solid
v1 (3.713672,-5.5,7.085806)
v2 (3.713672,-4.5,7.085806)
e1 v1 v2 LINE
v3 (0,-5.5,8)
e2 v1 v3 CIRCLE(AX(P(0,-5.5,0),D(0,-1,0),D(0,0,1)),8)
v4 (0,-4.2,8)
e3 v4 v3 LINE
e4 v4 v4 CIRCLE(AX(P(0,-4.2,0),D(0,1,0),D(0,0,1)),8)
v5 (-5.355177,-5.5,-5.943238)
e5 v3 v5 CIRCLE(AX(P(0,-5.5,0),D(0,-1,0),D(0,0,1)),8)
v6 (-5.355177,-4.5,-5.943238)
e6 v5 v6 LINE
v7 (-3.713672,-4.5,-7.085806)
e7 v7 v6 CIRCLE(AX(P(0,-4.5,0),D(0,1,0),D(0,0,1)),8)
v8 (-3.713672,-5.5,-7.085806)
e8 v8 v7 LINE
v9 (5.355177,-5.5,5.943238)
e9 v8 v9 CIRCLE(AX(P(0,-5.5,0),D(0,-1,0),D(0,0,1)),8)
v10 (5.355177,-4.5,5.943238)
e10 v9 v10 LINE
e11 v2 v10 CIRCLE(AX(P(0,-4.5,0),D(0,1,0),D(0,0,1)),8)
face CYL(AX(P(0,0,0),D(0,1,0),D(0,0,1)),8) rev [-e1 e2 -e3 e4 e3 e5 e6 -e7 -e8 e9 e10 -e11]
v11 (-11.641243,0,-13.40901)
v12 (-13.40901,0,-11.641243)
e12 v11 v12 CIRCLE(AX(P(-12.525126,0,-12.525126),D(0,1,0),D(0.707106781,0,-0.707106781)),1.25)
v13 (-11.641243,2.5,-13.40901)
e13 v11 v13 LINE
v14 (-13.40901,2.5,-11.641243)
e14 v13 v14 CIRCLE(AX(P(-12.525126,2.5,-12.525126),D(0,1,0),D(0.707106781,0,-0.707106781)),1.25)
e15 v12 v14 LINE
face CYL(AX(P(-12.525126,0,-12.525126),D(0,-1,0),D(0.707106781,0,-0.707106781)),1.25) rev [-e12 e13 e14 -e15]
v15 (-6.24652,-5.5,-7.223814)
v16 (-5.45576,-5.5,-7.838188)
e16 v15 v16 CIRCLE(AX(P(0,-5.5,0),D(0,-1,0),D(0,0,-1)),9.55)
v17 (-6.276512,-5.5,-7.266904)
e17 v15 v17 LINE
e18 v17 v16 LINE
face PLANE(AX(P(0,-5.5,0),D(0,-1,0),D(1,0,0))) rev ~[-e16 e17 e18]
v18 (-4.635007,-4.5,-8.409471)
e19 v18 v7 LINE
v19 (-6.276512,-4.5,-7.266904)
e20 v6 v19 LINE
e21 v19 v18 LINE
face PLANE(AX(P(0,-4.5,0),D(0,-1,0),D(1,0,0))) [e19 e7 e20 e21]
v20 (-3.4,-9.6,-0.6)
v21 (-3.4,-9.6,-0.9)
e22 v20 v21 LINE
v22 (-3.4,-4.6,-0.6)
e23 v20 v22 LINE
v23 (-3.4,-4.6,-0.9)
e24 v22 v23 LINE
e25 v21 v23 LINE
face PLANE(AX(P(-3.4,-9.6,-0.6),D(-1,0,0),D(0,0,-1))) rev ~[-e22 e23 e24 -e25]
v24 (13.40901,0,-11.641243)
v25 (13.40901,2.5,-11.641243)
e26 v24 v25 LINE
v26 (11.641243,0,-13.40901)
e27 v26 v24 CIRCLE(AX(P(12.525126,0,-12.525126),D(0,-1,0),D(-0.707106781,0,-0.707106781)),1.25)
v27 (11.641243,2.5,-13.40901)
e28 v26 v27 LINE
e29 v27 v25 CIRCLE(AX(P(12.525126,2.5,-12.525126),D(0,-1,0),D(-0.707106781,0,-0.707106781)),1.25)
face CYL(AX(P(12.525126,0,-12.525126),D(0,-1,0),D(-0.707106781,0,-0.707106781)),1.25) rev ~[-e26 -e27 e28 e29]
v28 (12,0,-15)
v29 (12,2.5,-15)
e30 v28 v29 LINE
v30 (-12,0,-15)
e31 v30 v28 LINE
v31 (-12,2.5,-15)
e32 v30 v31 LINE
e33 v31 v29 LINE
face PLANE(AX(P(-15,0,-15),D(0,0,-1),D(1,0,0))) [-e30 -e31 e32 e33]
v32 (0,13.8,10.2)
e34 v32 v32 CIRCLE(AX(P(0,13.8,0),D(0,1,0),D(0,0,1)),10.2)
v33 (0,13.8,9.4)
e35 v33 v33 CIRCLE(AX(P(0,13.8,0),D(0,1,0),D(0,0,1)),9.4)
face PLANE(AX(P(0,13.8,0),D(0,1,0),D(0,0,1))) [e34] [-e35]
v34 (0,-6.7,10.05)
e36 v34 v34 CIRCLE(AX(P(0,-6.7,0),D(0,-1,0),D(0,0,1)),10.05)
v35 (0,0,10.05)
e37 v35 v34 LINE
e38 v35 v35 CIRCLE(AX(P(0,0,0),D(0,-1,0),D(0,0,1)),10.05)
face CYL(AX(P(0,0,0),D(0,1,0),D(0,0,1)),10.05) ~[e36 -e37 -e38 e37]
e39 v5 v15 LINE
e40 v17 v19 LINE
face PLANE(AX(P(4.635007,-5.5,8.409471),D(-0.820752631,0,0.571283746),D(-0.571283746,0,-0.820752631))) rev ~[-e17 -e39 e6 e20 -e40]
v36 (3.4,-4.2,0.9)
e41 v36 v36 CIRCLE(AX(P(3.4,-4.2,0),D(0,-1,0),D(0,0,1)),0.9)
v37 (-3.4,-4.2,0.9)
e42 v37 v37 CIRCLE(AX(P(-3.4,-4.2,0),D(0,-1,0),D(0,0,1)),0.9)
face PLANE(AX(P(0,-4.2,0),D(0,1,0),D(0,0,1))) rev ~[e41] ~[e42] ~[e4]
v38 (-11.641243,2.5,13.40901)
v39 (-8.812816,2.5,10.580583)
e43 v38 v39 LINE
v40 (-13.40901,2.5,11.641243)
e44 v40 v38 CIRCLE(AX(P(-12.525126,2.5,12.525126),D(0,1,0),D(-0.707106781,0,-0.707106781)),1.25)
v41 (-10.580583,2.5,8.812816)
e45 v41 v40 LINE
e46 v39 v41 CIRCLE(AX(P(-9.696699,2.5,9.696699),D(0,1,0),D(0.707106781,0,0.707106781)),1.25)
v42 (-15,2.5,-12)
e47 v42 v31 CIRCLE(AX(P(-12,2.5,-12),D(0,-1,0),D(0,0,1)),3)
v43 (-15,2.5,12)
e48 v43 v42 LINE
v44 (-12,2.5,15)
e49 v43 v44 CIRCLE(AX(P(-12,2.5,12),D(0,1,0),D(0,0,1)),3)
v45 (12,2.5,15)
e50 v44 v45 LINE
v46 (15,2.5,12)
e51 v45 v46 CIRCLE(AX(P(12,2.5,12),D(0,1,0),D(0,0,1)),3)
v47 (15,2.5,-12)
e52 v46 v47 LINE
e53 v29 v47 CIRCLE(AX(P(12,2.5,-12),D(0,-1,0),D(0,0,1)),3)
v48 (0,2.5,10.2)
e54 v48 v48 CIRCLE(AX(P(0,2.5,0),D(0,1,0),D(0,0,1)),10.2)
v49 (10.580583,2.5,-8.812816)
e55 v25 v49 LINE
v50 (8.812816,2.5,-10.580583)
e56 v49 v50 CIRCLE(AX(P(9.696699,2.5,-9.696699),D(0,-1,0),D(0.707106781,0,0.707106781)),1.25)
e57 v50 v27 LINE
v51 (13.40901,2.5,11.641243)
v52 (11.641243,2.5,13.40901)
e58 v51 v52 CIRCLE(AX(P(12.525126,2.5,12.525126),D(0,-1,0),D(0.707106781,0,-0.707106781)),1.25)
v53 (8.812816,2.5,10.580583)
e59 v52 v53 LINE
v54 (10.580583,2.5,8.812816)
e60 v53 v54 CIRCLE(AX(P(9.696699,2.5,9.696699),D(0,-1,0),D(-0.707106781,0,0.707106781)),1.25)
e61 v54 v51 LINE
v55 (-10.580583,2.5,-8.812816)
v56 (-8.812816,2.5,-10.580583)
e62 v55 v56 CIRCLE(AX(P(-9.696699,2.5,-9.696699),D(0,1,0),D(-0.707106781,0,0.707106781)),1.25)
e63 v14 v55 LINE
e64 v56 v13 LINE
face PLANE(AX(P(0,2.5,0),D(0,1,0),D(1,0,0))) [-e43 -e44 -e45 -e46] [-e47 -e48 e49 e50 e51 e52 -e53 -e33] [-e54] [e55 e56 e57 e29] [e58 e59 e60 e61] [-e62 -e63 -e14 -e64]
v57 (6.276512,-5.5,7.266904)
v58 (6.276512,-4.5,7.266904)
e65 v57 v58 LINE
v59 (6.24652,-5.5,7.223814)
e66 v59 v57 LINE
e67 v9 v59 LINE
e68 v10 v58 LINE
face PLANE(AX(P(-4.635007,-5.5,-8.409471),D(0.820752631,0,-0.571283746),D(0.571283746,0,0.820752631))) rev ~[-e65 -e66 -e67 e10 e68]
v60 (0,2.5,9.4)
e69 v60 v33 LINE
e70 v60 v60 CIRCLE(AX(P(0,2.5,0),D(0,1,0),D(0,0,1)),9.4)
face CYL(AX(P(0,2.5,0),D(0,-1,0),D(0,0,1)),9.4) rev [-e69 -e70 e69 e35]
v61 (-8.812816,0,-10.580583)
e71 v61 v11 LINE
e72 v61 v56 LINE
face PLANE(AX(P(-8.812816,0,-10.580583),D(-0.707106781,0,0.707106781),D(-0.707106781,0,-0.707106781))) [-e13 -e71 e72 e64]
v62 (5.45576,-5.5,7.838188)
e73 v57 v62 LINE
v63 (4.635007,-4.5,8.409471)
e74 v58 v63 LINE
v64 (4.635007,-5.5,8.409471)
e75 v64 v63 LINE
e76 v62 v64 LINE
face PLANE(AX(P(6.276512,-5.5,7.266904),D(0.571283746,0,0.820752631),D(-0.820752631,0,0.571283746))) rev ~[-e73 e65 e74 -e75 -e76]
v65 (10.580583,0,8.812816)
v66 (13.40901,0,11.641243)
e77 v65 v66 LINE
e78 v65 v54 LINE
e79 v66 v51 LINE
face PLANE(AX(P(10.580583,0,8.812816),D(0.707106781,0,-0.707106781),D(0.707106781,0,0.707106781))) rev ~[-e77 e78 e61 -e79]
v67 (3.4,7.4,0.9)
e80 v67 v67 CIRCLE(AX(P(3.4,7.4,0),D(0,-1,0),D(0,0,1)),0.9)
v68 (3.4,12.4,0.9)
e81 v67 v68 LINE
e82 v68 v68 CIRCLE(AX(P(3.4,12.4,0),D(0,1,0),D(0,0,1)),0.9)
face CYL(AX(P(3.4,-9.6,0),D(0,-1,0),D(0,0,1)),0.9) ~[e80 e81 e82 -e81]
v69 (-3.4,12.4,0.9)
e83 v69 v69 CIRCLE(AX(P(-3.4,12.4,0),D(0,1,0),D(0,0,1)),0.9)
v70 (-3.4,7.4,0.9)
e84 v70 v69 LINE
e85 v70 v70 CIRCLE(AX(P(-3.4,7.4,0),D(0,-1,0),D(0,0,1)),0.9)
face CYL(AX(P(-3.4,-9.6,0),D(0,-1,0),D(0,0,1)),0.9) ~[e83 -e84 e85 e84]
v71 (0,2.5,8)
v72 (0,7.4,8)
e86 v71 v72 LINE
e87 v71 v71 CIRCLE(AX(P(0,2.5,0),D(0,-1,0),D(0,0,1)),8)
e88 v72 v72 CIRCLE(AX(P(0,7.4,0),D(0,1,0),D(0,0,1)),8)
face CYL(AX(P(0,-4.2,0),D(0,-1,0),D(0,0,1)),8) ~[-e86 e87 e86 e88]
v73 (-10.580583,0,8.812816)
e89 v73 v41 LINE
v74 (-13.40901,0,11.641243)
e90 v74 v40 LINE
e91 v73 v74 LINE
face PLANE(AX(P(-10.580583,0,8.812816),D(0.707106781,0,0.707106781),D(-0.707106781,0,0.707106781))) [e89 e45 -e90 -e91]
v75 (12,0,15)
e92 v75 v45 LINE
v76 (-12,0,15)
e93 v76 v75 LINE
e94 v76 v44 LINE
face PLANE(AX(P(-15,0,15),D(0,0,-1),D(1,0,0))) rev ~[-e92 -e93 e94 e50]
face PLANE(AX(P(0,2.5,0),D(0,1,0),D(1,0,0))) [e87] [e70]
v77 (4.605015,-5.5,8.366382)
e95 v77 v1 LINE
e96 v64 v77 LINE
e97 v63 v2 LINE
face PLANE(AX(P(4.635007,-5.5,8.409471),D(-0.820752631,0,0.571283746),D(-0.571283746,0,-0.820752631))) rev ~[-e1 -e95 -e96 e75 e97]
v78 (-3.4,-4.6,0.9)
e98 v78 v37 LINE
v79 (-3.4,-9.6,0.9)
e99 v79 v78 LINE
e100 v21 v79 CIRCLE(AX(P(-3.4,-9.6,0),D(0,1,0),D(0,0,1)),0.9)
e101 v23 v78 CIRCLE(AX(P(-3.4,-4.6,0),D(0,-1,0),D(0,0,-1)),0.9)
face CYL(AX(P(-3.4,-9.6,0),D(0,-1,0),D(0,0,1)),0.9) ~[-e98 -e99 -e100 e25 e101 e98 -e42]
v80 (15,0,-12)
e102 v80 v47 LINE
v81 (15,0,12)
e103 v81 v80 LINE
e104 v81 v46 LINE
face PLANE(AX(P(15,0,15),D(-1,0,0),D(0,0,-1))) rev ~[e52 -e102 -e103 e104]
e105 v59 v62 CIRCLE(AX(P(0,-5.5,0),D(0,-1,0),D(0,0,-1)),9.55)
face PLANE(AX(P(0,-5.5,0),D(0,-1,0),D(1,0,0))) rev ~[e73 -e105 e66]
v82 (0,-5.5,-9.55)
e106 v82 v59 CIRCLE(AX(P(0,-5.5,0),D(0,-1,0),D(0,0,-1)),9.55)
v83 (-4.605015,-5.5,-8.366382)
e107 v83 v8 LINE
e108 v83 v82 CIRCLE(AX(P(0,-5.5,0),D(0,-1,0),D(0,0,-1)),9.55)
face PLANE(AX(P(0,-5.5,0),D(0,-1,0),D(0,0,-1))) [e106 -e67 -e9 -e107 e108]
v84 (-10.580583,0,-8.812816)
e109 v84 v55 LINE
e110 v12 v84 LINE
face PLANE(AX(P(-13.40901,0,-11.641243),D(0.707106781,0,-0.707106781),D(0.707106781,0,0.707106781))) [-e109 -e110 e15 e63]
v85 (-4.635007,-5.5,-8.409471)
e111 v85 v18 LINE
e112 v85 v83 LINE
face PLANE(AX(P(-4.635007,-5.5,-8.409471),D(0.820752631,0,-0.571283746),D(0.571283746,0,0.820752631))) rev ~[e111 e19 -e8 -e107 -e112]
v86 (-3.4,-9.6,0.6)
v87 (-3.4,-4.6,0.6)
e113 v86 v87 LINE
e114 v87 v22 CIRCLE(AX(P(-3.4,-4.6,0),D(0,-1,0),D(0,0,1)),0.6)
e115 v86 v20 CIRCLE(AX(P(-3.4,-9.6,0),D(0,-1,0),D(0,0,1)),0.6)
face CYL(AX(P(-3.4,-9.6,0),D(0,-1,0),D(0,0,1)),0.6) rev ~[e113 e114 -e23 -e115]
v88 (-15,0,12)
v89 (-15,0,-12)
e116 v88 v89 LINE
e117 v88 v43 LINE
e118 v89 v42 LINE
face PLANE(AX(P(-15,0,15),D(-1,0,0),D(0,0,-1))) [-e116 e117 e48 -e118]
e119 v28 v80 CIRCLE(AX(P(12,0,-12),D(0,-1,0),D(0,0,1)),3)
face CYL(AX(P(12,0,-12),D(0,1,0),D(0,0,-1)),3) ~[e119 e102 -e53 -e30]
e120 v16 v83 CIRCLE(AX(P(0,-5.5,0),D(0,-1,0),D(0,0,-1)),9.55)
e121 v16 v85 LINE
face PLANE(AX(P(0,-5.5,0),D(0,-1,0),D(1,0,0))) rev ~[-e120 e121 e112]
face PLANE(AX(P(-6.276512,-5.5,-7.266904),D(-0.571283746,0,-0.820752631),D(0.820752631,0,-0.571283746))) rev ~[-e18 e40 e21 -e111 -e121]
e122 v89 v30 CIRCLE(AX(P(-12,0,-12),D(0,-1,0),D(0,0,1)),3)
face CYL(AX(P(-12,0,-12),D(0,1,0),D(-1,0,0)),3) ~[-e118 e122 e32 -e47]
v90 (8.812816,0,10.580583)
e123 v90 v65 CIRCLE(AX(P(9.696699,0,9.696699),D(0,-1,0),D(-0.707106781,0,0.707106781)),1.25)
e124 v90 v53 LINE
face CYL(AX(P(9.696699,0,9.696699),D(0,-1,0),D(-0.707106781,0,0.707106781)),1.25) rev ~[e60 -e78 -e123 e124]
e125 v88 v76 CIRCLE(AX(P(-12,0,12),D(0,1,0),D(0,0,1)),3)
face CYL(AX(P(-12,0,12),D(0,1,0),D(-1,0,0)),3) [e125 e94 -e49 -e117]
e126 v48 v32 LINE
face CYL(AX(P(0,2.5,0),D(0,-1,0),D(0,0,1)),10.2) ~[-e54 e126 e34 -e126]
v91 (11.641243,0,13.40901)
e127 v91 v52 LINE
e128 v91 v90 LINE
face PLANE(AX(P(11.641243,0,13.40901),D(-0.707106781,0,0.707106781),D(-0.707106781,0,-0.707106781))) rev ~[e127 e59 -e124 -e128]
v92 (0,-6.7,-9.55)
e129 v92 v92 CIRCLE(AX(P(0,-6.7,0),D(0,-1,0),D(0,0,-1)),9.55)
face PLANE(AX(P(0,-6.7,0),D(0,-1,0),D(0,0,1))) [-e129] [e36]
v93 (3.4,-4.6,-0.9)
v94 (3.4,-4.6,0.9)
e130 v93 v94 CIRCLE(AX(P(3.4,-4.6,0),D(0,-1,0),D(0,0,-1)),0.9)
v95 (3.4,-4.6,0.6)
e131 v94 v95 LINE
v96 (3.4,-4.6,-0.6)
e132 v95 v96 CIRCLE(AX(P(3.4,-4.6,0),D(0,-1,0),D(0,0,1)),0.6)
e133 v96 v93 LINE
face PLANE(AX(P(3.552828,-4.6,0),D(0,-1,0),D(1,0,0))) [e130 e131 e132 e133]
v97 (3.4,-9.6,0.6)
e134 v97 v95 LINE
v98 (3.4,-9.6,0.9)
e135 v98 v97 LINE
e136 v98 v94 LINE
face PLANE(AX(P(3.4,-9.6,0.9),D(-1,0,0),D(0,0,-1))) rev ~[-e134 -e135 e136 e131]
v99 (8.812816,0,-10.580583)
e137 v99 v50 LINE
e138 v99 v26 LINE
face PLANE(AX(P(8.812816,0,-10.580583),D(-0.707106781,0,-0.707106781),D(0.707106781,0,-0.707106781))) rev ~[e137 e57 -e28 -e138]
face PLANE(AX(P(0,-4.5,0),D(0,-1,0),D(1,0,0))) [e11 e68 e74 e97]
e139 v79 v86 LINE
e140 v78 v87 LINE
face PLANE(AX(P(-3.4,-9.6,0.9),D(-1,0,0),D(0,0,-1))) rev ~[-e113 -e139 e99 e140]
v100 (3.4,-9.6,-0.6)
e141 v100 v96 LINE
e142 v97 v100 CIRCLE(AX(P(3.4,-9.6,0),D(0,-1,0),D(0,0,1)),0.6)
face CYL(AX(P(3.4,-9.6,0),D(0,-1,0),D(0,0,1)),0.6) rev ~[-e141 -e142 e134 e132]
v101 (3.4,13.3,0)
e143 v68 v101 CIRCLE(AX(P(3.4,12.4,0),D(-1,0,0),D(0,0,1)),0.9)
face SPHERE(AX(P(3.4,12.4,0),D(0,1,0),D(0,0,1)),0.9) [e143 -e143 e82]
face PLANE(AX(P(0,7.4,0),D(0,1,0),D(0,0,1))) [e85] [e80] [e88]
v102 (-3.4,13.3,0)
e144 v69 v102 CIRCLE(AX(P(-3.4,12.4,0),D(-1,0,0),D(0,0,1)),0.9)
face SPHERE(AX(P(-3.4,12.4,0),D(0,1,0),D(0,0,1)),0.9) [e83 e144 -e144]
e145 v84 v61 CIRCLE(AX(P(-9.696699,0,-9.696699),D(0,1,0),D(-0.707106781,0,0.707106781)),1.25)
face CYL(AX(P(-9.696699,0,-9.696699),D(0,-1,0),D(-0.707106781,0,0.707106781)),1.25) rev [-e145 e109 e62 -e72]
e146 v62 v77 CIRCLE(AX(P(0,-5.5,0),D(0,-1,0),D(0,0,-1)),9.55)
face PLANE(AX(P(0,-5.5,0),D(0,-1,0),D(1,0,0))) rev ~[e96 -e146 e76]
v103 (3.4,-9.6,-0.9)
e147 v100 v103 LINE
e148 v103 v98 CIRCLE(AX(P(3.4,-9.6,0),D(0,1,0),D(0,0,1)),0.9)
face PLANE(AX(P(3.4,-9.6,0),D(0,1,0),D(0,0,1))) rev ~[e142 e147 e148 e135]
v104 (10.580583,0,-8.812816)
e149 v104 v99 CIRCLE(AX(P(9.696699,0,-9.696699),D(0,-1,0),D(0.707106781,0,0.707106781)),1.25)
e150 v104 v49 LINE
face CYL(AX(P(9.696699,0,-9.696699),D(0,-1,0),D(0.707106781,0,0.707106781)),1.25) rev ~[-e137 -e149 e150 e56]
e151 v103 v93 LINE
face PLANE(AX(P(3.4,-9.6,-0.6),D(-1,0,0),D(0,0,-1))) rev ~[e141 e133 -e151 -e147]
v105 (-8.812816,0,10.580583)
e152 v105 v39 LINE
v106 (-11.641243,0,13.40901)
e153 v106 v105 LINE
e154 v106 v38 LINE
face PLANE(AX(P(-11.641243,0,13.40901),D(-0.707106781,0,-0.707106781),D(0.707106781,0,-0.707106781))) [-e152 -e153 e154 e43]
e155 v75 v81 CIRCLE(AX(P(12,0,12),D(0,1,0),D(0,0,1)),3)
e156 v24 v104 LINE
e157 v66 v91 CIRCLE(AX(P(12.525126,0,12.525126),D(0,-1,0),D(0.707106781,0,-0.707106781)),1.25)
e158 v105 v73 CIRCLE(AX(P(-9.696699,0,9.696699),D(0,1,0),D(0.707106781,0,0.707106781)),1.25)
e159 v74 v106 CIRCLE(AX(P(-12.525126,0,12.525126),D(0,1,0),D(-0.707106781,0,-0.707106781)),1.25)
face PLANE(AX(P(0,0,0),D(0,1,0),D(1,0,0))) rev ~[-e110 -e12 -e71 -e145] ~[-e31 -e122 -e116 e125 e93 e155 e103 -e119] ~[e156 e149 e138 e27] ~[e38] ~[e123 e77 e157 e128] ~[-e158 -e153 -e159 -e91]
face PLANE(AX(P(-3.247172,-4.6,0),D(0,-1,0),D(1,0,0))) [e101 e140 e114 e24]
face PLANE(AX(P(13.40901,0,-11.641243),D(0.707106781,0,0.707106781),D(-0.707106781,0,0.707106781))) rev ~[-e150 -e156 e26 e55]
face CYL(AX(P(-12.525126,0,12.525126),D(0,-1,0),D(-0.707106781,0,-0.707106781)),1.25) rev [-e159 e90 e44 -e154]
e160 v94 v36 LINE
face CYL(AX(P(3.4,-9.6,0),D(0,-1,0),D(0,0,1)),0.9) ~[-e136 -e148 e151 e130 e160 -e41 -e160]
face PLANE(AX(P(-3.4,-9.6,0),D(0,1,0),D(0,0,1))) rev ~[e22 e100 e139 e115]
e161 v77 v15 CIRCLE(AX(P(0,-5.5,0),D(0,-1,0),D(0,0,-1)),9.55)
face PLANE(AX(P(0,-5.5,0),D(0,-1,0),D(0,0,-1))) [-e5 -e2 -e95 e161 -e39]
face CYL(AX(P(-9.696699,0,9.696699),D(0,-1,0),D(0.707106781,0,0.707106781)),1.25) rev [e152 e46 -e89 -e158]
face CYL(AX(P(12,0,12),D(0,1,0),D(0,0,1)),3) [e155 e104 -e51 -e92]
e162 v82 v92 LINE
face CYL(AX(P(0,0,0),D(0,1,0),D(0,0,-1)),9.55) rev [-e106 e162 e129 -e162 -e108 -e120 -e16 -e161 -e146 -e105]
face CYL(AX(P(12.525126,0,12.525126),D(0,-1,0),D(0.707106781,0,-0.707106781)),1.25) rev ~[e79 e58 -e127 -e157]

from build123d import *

# Parameters (mm, degrees)
SKETCH1_W           = 30
SKETCH1_H           = 30
EXTRUDE1_DEPTH      = 2.5
FILLET2_R           = 3
SKETCH3_R           = 10.2
SKETCH3_R_2         = 9.4
EXTRUDE2_DEPTH      = 11.3
EXTRUDE3_DEPTH      = 4.9
EXTRUDE3_DEPTH_BACK = 6.7
SKETCH4_R           = 8
EXTRUDE4_DEPTH      = 5.9
EXTRUDE4_DEPTH_BACK = 17
SKETCH5_R           = 0.9
FILLET3_R           = 0.9
SKETCH6_R           = 10.05
SKETCH6_R_2         = 9.55
EXTRUDE5_DEPTH      = 6.7
CUT_EXTRUDE1_DEPTH  = 5
SKETCH8_R           = 9.55
SKETCH8_R_2         = 8
EXTRUDE7_DEPTH      = 5.5
CUT_EXTRUDE2_DEPTH  = 1


with BuildPart() as part:
    # Sketch1 → Extrude1 (new body)
    with BuildSketch(Plane(origin=(0, 0, 0), x_dir=(1, 0, 0), z_dir=(0, 1, 0))):
        Rectangle(SKETCH1_W, SKETCH1_H)
        with BuildLine():
            Line((13.409009742, 11.641242789), (10.580582618, 8.812815665))
            ThreePointArc((10.580582618, 8.812815665), (8.812815665, 8.812815665), (8.812815665, 10.580582618))
            Line((8.812815665, 10.580582618), (11.641242789, 13.409009742))
            ThreePointArc((11.641242789, 13.409009742), (13.409009742, 13.409009742), (13.409009742, 11.641242789))
        make_face(mode=Mode.SUBTRACT)
        with BuildLine():
            Line((-13.409009742, 11.641242789), (-10.580582618, 8.812815665))
            ThreePointArc((-10.580582618, 8.812815665), (-8.812815665, 8.812815665), (-8.812815665, 10.580582618))
            Line((-8.812815665, 10.580582618), (-11.641242789, 13.409009742))
            ThreePointArc((-11.641242789, 13.409009742), (-13.409009742, 13.409009742), (-13.409009742, 11.641242789))
        make_face(mode=Mode.SUBTRACT)
        with BuildLine():
            Line((-11.641242789, -13.409009742), (-8.812815665, -10.580582618))
            ThreePointArc((-8.812815665, -10.580582618), (-8.812815665, -8.812815665), (-10.580582618, -8.812815665))
            Line((-10.580582618, -8.812815665), (-13.409009742, -11.641242789))
            ThreePointArc((-13.409009742, -11.641242789), (-13.409009742, -13.409009742), (-11.641242789, -13.409009742))
        make_face(mode=Mode.SUBTRACT)
        with BuildLine():
            Line((11.641242789, -13.409009742), (8.812815665, -10.580582618))
            ThreePointArc((8.812815665, -10.580582618), (8.812815665, -8.812815665), (10.580582618, -8.812815665))
            Line((10.580582618, -8.812815665), (13.409009742, -11.641242789))
            ThreePointArc((13.409009742, -11.641242789), (13.409009742, -13.409009742), (11.641242789, -13.409009742))
        make_face(mode=Mode.SUBTRACT)
    extrude(amount=EXTRUDE1_DEPTH)

    # Fillet2
    fillet2_edges = [part.edges().sort_by_distance(p)[0] for p in [
        (15, 1.25, 15),
        (-15, 1.25, 15),
        (-15, 1.25, -15),
        (15, 1.25, -15),
    ]]
    fillet(fillet2_edges, radius=FILLET2_R)

    # Sketch3 → Extrude2 (add)
    with BuildSketch(Plane(origin=(0, 2.5, 0), x_dir=(1, 0, 0), z_dir=(0, 1, 0))):
        with Locations(Location((0, 0, 0), (0, 0, 270))):
            Circle(SKETCH3_R)
        with Locations(Location((0, 0, 0), (0, 0, 270))):
            Circle(SKETCH3_R_2, mode=Mode.SUBTRACT)
    extrude(amount=EXTRUDE2_DEPTH)

    # Sketch4 → Extrude3 (add, two sides: drawn at the far end of the back side and taken through both)
    with BuildSketch(Plane(origin=(0, 2.5, 0), x_dir=(1, 0, 0), z_dir=(0, 1, 0)).offset(-EXTRUDE3_DEPTH_BACK)):
        with Locations(Location((0, 0, 0), (0, 0, 270))):
            Circle(SKETCH4_R)
    extrude(amount=EXTRUDE3_DEPTH + EXTRUDE3_DEPTH_BACK)

    # Sketch5 → Extrude4 (add, two sides: drawn at the far end of the back side and taken through both)
    with BuildSketch(Plane(origin=(0, 7.4, 0), x_dir=(1, 0, 0), z_dir=(0, 1, 0)).offset(-EXTRUDE4_DEPTH_BACK)):
        with Locations(Location((3.4, 0, 0), (0, 0, 270))):
            Circle(SKETCH5_R)
        with Locations(Location((-3.4, 0, 0), (0, 0, 270))):
            Circle(SKETCH5_R)
    extrude(amount=EXTRUDE4_DEPTH + EXTRUDE4_DEPTH_BACK)

    # Fillet3
    fillet3_edges = [part.edges().sort_by_distance(p)[0] for p in [
        (3.4, 13.3, -0.9),
        (-3.4, 13.3, -0.9),
    ]]
    fillet(fillet3_edges, radius=FILLET3_R)

    # Sketch6 → Extrude5 (add)
    with BuildSketch(Plane.XZ):
        with Locations(Location((0, 0, 0), (0, 0, 90))):
            Circle(SKETCH6_R)
        with Locations(Location((0, 0, 0), (0, 0, 270))):
            Circle(SKETCH6_R_2, mode=Mode.SUBTRACT)
    extrude(amount=EXTRUDE5_DEPTH)

    # Sketch7 → Cut-Extrude1 (cut)
    with BuildSketch(Plane.XZ.offset(9.6)):
        with BuildLine():
            Line((3.4, 0.9), (3.4, 0.6))
            ThreePointArc((3.4, 0.6), (2.8, 0), (3.4, -0.6))
            Line((3.4, -0.6), (3.4, -0.9))
            ThreePointArc((3.4, -0.9), (4.3, 0), (3.4, 0.9))
        make_face()
        with BuildLine():
            Line((-3.4, -0.6), (-3.4, -0.9))
            ThreePointArc((-3.4, -0.9), (-2.5, 0), (-3.4, 0.9))
            Line((-3.4, 0.9), (-3.4, 0.6))
            ThreePointArc((-3.4, 0.6), (-4, 0), (-3.4, -0.6))
        make_face()
    extrude(amount=-CUT_EXTRUDE1_DEPTH, mode=Mode.SUBTRACT)

    # Sketch8 → Extrude7 (add)
    with BuildSketch(Plane.XZ):
        with Locations(Location((0, 0, 0), (0, 0, 270))):
            Circle(SKETCH8_R)
        with Locations(Location((0, 0, 0), (0, 0, 90))):
            Circle(SKETCH8_R_2, mode=Mode.SUBTRACT)
    extrude(amount=EXTRUDE7_DEPTH)

    # Sketch9 → Cut-Extrude2 (cut)
    with BuildSketch(Plane.XZ.offset(5.5)):
        Polygon((-4.635007145, -8.409471372), (6.276512407, 7.26690388), (4.635007145, 8.409471372), (-6.276512407, -7.26690388), align=None)
    extrude(amount=-CUT_EXTRUDE2_DEPTH, mode=Mode.SUBTRACT)


solid = part.part
